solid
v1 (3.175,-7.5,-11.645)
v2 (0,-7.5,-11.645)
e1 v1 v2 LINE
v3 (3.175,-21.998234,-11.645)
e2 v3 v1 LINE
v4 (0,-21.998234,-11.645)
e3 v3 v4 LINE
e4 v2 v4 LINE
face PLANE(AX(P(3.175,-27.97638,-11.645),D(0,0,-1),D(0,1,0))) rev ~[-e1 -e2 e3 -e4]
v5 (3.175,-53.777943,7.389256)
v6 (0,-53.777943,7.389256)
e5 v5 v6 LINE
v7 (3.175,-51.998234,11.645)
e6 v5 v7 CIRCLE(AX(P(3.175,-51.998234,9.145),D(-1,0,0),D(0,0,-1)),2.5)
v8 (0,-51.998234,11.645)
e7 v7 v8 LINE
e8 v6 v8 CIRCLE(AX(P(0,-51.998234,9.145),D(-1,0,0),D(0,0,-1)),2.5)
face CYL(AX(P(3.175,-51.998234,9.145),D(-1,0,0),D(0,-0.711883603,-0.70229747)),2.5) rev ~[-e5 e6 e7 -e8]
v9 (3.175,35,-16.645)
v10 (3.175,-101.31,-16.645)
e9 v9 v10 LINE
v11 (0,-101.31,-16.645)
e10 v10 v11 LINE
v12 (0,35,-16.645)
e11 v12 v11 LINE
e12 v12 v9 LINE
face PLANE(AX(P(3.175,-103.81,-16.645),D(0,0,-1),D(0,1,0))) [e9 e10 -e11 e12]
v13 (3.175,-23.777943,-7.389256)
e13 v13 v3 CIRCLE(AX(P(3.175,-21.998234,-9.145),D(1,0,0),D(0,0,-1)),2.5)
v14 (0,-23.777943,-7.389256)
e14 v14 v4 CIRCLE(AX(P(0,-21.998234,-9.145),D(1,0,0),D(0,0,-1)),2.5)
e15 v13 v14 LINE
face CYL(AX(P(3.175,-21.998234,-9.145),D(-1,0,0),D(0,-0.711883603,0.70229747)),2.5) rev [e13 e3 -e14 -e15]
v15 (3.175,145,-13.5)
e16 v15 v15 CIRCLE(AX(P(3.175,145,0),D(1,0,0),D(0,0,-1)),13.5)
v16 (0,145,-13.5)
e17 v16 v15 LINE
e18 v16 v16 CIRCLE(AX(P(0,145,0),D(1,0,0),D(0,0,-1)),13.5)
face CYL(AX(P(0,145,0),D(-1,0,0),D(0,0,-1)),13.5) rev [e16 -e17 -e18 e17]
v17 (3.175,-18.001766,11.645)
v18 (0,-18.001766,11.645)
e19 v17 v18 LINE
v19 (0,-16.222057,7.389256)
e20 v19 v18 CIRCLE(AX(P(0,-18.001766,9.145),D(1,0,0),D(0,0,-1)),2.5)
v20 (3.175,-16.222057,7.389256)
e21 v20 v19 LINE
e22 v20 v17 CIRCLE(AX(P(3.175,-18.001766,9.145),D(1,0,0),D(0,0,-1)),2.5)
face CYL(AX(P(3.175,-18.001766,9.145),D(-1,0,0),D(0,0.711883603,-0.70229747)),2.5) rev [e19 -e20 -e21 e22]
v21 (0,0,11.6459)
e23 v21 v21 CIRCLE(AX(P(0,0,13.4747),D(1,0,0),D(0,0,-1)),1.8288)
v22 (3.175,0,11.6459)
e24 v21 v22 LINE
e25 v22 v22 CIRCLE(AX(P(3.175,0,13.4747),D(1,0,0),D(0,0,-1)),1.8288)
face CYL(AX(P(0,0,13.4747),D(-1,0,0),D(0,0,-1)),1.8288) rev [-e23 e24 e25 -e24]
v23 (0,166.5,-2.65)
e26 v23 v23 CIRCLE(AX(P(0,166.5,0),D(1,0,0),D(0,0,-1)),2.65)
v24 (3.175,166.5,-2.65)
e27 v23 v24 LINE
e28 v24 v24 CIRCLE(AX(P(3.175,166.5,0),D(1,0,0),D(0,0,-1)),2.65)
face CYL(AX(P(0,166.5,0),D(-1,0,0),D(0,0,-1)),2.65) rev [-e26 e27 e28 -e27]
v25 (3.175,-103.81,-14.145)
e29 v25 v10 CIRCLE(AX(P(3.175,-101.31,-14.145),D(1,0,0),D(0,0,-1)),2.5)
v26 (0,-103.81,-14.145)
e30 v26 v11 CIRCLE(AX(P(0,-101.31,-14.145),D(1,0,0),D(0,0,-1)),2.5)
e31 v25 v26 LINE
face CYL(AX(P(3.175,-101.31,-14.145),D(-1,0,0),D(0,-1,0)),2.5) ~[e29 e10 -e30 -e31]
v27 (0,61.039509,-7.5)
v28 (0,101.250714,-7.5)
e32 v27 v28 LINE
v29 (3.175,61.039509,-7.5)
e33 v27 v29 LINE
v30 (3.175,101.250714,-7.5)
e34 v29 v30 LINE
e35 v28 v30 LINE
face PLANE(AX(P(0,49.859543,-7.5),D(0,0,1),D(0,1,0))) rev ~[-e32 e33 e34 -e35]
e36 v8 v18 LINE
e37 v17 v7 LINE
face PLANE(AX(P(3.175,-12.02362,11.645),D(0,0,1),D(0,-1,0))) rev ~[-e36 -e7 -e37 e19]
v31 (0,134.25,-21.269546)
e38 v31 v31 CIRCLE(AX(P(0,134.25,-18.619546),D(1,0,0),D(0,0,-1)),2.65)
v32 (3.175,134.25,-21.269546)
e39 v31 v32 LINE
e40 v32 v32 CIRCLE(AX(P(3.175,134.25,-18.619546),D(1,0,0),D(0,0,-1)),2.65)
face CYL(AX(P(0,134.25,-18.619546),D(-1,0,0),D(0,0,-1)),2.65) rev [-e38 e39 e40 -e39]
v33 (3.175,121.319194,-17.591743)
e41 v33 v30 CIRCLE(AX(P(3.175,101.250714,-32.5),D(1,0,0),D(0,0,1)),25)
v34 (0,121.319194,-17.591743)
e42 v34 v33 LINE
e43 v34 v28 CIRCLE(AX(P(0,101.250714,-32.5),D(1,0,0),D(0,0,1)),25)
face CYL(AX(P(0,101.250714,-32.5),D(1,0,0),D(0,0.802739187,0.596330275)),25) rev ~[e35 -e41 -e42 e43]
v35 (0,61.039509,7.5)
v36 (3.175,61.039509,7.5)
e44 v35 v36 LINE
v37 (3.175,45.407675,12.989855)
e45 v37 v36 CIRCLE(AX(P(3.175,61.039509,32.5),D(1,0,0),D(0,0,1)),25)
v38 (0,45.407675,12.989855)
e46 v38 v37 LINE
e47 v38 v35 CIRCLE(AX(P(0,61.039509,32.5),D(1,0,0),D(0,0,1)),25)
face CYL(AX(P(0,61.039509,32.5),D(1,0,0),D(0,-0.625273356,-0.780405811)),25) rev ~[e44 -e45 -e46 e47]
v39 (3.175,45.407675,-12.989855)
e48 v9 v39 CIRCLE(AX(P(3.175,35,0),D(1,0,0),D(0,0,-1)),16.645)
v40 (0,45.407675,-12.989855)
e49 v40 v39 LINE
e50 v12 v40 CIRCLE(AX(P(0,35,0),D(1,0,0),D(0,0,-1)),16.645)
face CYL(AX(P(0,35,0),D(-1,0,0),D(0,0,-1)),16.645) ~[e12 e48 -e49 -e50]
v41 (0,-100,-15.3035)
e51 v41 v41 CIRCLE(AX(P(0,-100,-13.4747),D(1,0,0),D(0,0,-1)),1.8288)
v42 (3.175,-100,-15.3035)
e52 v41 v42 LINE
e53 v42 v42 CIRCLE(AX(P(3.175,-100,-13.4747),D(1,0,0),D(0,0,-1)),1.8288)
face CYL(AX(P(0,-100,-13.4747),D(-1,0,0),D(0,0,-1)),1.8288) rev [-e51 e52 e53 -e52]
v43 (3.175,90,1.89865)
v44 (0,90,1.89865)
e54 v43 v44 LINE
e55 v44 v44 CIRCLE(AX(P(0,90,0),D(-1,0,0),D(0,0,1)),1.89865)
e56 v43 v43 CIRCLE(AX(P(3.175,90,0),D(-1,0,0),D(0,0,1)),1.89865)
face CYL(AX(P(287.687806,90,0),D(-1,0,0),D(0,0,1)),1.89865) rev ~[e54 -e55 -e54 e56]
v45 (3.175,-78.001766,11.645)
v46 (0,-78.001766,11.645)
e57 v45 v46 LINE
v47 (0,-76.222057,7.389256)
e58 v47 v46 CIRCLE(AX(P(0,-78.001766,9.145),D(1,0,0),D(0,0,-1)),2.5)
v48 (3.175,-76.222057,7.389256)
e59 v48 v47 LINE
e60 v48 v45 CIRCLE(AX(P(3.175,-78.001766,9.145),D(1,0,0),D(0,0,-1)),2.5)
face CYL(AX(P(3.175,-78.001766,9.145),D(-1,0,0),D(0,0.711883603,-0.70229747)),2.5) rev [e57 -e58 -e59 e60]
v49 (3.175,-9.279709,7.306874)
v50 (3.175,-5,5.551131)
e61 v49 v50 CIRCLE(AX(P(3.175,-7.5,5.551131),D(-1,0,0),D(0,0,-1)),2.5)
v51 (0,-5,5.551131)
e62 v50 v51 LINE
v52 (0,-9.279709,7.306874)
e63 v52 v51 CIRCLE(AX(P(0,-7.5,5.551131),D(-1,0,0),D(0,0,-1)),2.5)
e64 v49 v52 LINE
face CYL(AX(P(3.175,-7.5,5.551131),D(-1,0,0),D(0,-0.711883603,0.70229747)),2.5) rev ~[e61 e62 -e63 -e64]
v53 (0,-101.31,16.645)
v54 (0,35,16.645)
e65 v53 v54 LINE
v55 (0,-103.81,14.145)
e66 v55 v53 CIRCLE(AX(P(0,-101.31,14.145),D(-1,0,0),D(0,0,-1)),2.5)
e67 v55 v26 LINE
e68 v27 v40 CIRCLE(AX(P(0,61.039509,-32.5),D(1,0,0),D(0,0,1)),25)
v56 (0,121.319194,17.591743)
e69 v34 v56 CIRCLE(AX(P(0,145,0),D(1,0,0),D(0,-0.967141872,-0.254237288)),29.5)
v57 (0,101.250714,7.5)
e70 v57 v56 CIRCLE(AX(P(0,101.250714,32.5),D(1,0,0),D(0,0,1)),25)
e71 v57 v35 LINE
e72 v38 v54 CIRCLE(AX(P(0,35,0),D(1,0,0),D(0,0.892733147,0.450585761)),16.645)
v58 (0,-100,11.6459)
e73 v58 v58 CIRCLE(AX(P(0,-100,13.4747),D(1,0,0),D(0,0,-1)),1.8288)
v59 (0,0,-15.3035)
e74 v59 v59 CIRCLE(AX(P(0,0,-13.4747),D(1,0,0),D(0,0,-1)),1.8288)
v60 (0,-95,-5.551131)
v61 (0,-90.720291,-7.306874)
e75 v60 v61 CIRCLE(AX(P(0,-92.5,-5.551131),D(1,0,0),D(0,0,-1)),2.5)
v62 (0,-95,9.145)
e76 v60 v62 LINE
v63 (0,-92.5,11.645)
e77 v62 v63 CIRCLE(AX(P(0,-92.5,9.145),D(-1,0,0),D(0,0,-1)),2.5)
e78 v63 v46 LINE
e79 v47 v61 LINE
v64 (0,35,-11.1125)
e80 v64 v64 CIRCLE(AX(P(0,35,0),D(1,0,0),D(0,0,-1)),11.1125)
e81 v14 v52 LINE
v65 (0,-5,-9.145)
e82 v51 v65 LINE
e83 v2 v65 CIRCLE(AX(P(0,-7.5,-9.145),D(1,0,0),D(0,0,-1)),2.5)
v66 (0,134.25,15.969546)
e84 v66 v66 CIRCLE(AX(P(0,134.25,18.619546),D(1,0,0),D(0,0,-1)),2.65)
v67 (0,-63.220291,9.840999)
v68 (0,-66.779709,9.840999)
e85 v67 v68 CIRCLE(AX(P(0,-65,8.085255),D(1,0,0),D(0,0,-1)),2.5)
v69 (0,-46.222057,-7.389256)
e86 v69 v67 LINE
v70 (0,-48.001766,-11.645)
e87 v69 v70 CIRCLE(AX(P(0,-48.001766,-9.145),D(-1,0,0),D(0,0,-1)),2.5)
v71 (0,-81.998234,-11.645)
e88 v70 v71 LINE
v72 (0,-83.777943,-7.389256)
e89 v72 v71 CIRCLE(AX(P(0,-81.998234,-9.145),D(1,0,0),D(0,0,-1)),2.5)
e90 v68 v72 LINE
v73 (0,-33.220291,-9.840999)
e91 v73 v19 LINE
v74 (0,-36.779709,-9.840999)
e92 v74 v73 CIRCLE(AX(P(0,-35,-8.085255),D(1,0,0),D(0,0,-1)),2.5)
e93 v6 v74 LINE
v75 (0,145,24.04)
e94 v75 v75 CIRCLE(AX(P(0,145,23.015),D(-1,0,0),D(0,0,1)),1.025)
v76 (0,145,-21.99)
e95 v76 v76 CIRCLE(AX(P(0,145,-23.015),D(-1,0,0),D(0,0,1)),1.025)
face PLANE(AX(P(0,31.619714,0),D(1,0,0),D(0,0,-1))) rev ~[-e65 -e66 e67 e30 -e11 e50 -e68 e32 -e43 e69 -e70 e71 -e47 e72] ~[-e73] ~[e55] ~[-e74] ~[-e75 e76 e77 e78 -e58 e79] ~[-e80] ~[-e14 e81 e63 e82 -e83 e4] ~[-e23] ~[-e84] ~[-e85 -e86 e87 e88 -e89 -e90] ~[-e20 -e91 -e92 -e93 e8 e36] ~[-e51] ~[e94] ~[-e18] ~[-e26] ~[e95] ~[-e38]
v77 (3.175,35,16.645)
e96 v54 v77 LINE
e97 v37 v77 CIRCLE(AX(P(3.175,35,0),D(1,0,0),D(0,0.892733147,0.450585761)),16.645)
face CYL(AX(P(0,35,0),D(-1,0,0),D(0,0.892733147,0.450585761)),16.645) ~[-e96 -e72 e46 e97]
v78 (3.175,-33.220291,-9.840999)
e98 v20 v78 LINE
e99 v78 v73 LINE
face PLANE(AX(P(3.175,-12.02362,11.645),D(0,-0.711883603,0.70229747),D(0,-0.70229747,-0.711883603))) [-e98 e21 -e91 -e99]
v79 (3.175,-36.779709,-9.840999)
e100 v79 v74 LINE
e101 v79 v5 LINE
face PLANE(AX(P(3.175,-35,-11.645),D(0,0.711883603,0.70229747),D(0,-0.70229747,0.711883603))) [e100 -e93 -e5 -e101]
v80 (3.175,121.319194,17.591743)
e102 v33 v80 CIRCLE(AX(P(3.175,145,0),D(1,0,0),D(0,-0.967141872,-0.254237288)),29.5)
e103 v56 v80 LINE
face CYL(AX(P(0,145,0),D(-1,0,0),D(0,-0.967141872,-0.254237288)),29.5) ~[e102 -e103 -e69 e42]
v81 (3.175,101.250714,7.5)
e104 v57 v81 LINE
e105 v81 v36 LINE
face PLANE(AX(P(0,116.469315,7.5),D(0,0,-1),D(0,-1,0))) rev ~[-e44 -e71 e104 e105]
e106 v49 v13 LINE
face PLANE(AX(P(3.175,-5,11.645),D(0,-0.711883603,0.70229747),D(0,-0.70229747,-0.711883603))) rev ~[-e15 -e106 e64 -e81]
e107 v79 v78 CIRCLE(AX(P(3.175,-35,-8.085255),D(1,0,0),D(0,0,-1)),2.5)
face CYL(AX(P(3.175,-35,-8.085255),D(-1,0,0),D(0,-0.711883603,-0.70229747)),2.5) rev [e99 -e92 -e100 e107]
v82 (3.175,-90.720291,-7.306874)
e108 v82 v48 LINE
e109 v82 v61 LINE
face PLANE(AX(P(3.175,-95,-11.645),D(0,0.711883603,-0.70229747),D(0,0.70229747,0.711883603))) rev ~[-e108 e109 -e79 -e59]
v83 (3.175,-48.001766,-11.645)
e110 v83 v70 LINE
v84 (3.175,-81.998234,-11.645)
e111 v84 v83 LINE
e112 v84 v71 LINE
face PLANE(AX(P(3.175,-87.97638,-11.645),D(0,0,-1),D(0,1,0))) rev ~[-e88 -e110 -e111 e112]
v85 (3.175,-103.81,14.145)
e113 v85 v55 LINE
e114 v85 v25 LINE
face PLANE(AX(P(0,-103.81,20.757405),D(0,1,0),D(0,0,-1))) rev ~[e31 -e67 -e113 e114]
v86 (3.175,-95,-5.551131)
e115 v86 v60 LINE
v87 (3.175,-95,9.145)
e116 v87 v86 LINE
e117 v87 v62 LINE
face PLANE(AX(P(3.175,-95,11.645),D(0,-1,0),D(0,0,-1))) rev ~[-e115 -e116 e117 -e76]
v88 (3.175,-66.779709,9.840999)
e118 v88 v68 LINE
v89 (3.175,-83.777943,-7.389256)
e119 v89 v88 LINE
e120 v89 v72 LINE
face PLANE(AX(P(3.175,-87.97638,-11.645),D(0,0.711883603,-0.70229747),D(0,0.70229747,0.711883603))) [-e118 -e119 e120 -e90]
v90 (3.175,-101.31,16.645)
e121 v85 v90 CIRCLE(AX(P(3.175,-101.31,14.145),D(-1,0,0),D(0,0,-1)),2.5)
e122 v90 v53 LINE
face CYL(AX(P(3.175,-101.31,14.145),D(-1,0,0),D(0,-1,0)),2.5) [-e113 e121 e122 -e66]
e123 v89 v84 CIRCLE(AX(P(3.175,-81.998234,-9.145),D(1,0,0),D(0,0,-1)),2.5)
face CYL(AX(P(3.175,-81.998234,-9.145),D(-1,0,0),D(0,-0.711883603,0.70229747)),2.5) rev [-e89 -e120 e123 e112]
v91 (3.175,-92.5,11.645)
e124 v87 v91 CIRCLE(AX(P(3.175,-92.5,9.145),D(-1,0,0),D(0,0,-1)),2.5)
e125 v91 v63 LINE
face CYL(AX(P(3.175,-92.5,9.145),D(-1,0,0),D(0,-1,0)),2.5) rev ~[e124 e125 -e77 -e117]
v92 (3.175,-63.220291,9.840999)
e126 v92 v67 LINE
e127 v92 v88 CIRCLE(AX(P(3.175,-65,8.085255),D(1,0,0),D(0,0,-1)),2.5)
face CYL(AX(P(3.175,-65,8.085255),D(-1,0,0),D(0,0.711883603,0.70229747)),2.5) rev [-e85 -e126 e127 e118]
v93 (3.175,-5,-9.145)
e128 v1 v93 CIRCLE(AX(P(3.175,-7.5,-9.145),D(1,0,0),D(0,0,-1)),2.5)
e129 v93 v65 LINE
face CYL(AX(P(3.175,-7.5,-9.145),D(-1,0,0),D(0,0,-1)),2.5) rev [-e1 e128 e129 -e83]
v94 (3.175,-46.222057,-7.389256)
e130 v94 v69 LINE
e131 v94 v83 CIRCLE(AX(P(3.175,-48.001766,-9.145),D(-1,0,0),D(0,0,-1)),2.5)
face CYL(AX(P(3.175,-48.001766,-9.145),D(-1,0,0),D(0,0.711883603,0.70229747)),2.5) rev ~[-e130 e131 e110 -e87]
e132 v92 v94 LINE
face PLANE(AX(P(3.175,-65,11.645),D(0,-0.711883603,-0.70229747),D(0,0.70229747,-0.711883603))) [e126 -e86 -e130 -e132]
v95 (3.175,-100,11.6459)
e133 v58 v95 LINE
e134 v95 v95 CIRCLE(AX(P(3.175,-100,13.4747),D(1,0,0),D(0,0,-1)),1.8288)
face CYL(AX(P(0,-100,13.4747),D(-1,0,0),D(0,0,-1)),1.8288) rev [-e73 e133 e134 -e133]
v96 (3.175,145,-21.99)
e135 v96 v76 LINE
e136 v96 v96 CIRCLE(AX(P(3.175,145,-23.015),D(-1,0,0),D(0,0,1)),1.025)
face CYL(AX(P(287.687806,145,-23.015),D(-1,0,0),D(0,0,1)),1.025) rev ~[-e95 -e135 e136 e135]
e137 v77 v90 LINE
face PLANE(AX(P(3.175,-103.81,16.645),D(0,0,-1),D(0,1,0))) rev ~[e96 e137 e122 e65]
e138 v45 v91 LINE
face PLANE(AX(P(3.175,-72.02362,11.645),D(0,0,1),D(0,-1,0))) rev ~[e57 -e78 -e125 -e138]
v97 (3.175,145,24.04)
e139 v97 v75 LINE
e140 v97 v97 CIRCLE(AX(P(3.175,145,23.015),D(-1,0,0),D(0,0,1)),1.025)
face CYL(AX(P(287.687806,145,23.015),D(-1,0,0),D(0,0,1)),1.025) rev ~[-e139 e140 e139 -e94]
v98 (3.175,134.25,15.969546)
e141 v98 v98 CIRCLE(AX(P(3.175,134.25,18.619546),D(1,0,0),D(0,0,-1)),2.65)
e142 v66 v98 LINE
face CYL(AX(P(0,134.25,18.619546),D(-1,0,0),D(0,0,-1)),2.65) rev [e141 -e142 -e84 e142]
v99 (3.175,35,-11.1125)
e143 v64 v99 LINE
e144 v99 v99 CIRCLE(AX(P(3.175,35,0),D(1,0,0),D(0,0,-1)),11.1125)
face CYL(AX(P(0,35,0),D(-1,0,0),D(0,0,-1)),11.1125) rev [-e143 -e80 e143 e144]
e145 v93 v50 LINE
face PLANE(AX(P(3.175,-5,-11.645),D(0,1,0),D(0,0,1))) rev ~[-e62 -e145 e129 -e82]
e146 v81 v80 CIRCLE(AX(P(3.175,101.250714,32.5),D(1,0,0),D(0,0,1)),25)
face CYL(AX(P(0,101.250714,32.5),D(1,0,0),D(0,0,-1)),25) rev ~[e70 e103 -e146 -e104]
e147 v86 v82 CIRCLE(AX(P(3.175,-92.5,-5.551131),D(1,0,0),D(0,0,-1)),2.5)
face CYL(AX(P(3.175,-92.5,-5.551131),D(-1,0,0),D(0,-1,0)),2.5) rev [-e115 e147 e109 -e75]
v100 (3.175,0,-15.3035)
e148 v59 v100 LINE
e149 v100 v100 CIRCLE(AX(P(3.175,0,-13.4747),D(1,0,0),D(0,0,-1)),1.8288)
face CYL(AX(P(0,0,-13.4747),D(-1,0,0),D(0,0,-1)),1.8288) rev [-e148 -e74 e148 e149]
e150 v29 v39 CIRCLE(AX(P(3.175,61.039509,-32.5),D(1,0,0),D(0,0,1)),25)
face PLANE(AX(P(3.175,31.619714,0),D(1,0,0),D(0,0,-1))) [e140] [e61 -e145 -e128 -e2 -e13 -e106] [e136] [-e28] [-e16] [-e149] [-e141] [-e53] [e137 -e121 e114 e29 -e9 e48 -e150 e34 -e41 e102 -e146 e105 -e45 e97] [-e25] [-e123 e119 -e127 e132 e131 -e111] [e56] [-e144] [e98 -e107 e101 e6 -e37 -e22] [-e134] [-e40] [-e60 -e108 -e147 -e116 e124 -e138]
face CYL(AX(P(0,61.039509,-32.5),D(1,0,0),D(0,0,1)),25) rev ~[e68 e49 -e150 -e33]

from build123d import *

# Parameters (mm, degrees)
SKETCH1_R                = 13.5
SKETCH1_R_2              = 1.8288
SKETCH1_R_3              = 11.1125
SKETCH1_R_4              = 2.65
BOSS_EXTRUDE1_DEPTH      = 3.175
CUT_EXTRUDE1_REACH       = 179.004
SKETCH2_W                = 4.112404804
SKETCH2_H                = 127.6975
FILLET3_R                = 2.5
FILLET4_R                = 25
M2_5X0_45_TAPPED_HOLE1_D = 2.05
F_6_CLEARANCE_HOLE1_D    = 3.7973


with BuildPart() as part:
    # Sketch1 → Boss-Extrude1 (new body)
    with BuildSketch(Plane(origin=(0, 0, 0), x_dir=(0, 0, -1), z_dir=(1, 0, 0))):
        with BuildLine():
            Line((20.757404804, -103.81), (20.757404804, -5))
            Line((20.757404804, -5), (16.645, 5.681808734))
            Line((16.645, 5.681808734), (16.645, 35))
            ThreePointArc((16.645, 35), (14.175569213, 43.724062271), (7.5, 49.85954323))
            Line((7.5, 49.85954323), (7.5, 116.469314765))
            ThreePointArc((7.5, 116.469314765), (0, 174.5), (-7.5, 116.469314765))
            Line((-7.5, 116.469314765), (-7.5, 49.85954323))
            ThreePointArc((-7.5, 49.85954323), (-14.175569213, 43.724062271), (-16.645, 35))
            Line((-16.645, 35), (-16.645, 5.681808734))
            Line((-16.645, 5.681808734), (-20.757404804, -5))
            Line((-20.757404804, -5), (-20.757404804, -103.81))
            Line((-20.757404804, -103.81), (20.757404804, -103.81))
        make_face()
        with Locations((0, 145)):
            Circle(SKETCH1_R, mode=Mode.SUBTRACT)
        with Locations((-13.4747, -100)):
            Circle(SKETCH1_R_2, mode=Mode.SUBTRACT)
        with Locations((13.4747, -100)):
            Circle(SKETCH1_R_2, mode=Mode.SUBTRACT)
        with Locations((-13.4747, 0)):
            Circle(SKETCH1_R_2, mode=Mode.SUBTRACT)
        with Locations((13.4747, 0)):
            Circle(SKETCH1_R_2, mode=Mode.SUBTRACT)
        with Locations((0, 35)):
            Circle(SKETCH1_R_3, mode=Mode.SUBTRACT)
        with Locations((18.619546181, 134.25)):
            Circle(SKETCH1_R_4, mode=Mode.SUBTRACT)
        with Locations((0, 166.5)):
            Circle(SKETCH1_R_4, mode=Mode.SUBTRACT)
        with Locations((-18.619546181, 134.25)):
            Circle(SKETCH1_R_4, mode=Mode.SUBTRACT)
    extrude(amount=BOSS_EXTRUDE1_DEPTH)

    # Sketch2 → Cut-Extrude1 (cut, up to next)
    with BuildSketch(Plane(origin=(3.175, 0, 0), x_dir=(0, 0, -1), z_dir=(1, 0, 0)), mode=Mode.PRIVATE) as cut_extrude1_sk1:
        Polygon((11.645, -5), (-11.645, -5), (11.645, -27.976379872), align=None)
    cut_extrude1_tool1 = extrude(cut_extrude1_sk1.sketch, amount=-CUT_EXTRUDE1_REACH, mode=Mode.PRIVATE) & part.part
    # Sketch2 → Cut-Extrude1 (cut, up to next)
    with BuildSketch(Plane(origin=(3.175, 0, 0), x_dir=(0, 0, -1), z_dir=(1, 0, 0)), mode=Mode.PRIVATE) as cut_extrude1_sk2:
        Polygon((-11.645, -12.023620128), (11.645, -35), (-11.645, -57.976379872), (-11.645, -35), align=None)
    cut_extrude1_tool2 = extrude(cut_extrude1_sk2.sketch, amount=-CUT_EXTRUDE1_REACH, mode=Mode.PRIVATE) & part.part
    # Sketch2 → Cut-Extrude1 (cut, up to next)
    with BuildSketch(Plane(origin=(3.175, 0, 0), x_dir=(0, 0, -1), z_dir=(1, 0, 0)), mode=Mode.PRIVATE) as cut_extrude1_sk3:
        Polygon((-11.645, -72.023620128), (-11.645, -95), (11.645, -95), align=None)
    cut_extrude1_tool3 = extrude(cut_extrude1_sk3.sketch, amount=-CUT_EXTRUDE1_REACH, mode=Mode.PRIVATE) & part.part
    # Sketch2 → Cut-Extrude1 (cut, up to next)
    with BuildSketch(Plane(origin=(3.175, 0, 0), x_dir=(0, 0, -1), z_dir=(1, 0, 0)), mode=Mode.PRIVATE) as cut_extrude1_sk4:
        Polygon((11.645, -42.023620128), (11.645, -65), (11.645, -87.976379872), (-11.645, -65), align=None)
    cut_extrude1_tool4 = extrude(cut_extrude1_sk4.sketch, amount=-CUT_EXTRUDE1_REACH, mode=Mode.PRIVATE) & part.part
    # Sketch2 → Cut-Extrude1 (cut, up to next)
    with BuildSketch(Plane(origin=(3.175, 0, 0), x_dir=(0, 0, -1), z_dir=(1, 0, 0)), mode=Mode.PRIVATE) as cut_extrude1_sk5:
        with Locations((-18.701202402, -39.96125)):
            Rectangle(SKETCH2_W, SKETCH2_H)
    cut_extrude1_tool5 = extrude(cut_extrude1_sk5.sketch, amount=-CUT_EXTRUDE1_REACH, mode=Mode.PRIVATE) & part.part
    # Sketch2 → Cut-Extrude1 (cut, up to next)
    with BuildSketch(Plane(origin=(3.175, 0, 0), x_dir=(0, 0, -1), z_dir=(1, 0, 0)), mode=Mode.PRIVATE) as cut_extrude1_sk6:
        with Locations((18.701202402, -39.96125)):
            Rectangle(SKETCH2_W, SKETCH2_H)
    cut_extrude1_tool6 = extrude(cut_extrude1_sk6.sketch, amount=-CUT_EXTRUDE1_REACH, mode=Mode.PRIVATE) & part.part
    add(cut_extrude1_tool1.solids().sort_by_distance((3.175, -12.658793, -3.881667))[0], mode=Mode.SUBTRACT)
    add(cut_extrude1_tool2.solids().sort_by_distance((3.175, -35, 3.881667))[0], mode=Mode.SUBTRACT)
    add(cut_extrude1_tool3.solids().sort_by_distance((3.175, -87.341207, 3.881667))[0], mode=Mode.SUBTRACT)
    add(cut_extrude1_tool4.solids().sort_by_distance((3.175, -65, -3.881667))[0], mode=Mode.SUBTRACT)
    add(cut_extrude1_tool5.solids().sort_by_distance((3.175, -39.96125, 18.701202))[0], mode=Mode.SUBTRACT)
    add(cut_extrude1_tool6.solids().sort_by_distance((3.175, -39.96125, -18.701202))[0], mode=Mode.SUBTRACT)

    # Fillet3
    fillet3_edges = [part.edges().sort_by_distance(p)[0] for p in [
        (1.5875, -103.81, 16.645),
        (1.5875, -12.023620128, 11.645),
        (1.5875, -35, -11.645),
        (1.5875, -57.976379872, 11.645),
        (1.5875, -103.81, -16.645),
        (1.5875, -72.023620128, 11.645),
        (1.5875, -95, -11.645),
        (1.5875, -95, 11.645),
        (1.5875, -87.976379872, -11.645),
        (1.5875, -65, 11.645),
        (1.5875, -42.023620128, -11.645),
        (1.5875, -27.976379872, -11.645),
        (1.5875, -5, 11.645),
        (1.5875, -5, -11.645),
    ]]
    fillet(fillet3_edges, radius=FILLET3_R)

    # Fillet4
    fillet4_edges = [part.edges().sort_by_distance(p)[0] for p in [
        (1.5875, 49.85954323, 7.5),
        (1.5875, 116.469314765, 7.5),
        (1.5875, 116.469314765, -7.5),
        (1.5875, 49.85954323, -7.5),
    ]]
    fillet(fillet4_edges, radius=FILLET4_R)

    # M2.5x0.45 Tapped Hole1 (through all)
    with Locations(Plane(origin=(3.175, 0, 0), x_dir=(0, 0, -1), z_dir=(1, 0, 0))):
        with Locations((23.015, 145), (-23.015, 145)):
            Hole(M2_5X0_45_TAPPED_HOLE1_D / 2)

    # #6 Clearance Hole1 (through all)
    with Locations(Plane(origin=(3.175, 0, 0), x_dir=(0, 0, -1), z_dir=(1, 0, 0))):
        with Locations((0, 90)):
            Hole(F_6_CLEARANCE_HOLE1_D / 2)


solid = part.part
